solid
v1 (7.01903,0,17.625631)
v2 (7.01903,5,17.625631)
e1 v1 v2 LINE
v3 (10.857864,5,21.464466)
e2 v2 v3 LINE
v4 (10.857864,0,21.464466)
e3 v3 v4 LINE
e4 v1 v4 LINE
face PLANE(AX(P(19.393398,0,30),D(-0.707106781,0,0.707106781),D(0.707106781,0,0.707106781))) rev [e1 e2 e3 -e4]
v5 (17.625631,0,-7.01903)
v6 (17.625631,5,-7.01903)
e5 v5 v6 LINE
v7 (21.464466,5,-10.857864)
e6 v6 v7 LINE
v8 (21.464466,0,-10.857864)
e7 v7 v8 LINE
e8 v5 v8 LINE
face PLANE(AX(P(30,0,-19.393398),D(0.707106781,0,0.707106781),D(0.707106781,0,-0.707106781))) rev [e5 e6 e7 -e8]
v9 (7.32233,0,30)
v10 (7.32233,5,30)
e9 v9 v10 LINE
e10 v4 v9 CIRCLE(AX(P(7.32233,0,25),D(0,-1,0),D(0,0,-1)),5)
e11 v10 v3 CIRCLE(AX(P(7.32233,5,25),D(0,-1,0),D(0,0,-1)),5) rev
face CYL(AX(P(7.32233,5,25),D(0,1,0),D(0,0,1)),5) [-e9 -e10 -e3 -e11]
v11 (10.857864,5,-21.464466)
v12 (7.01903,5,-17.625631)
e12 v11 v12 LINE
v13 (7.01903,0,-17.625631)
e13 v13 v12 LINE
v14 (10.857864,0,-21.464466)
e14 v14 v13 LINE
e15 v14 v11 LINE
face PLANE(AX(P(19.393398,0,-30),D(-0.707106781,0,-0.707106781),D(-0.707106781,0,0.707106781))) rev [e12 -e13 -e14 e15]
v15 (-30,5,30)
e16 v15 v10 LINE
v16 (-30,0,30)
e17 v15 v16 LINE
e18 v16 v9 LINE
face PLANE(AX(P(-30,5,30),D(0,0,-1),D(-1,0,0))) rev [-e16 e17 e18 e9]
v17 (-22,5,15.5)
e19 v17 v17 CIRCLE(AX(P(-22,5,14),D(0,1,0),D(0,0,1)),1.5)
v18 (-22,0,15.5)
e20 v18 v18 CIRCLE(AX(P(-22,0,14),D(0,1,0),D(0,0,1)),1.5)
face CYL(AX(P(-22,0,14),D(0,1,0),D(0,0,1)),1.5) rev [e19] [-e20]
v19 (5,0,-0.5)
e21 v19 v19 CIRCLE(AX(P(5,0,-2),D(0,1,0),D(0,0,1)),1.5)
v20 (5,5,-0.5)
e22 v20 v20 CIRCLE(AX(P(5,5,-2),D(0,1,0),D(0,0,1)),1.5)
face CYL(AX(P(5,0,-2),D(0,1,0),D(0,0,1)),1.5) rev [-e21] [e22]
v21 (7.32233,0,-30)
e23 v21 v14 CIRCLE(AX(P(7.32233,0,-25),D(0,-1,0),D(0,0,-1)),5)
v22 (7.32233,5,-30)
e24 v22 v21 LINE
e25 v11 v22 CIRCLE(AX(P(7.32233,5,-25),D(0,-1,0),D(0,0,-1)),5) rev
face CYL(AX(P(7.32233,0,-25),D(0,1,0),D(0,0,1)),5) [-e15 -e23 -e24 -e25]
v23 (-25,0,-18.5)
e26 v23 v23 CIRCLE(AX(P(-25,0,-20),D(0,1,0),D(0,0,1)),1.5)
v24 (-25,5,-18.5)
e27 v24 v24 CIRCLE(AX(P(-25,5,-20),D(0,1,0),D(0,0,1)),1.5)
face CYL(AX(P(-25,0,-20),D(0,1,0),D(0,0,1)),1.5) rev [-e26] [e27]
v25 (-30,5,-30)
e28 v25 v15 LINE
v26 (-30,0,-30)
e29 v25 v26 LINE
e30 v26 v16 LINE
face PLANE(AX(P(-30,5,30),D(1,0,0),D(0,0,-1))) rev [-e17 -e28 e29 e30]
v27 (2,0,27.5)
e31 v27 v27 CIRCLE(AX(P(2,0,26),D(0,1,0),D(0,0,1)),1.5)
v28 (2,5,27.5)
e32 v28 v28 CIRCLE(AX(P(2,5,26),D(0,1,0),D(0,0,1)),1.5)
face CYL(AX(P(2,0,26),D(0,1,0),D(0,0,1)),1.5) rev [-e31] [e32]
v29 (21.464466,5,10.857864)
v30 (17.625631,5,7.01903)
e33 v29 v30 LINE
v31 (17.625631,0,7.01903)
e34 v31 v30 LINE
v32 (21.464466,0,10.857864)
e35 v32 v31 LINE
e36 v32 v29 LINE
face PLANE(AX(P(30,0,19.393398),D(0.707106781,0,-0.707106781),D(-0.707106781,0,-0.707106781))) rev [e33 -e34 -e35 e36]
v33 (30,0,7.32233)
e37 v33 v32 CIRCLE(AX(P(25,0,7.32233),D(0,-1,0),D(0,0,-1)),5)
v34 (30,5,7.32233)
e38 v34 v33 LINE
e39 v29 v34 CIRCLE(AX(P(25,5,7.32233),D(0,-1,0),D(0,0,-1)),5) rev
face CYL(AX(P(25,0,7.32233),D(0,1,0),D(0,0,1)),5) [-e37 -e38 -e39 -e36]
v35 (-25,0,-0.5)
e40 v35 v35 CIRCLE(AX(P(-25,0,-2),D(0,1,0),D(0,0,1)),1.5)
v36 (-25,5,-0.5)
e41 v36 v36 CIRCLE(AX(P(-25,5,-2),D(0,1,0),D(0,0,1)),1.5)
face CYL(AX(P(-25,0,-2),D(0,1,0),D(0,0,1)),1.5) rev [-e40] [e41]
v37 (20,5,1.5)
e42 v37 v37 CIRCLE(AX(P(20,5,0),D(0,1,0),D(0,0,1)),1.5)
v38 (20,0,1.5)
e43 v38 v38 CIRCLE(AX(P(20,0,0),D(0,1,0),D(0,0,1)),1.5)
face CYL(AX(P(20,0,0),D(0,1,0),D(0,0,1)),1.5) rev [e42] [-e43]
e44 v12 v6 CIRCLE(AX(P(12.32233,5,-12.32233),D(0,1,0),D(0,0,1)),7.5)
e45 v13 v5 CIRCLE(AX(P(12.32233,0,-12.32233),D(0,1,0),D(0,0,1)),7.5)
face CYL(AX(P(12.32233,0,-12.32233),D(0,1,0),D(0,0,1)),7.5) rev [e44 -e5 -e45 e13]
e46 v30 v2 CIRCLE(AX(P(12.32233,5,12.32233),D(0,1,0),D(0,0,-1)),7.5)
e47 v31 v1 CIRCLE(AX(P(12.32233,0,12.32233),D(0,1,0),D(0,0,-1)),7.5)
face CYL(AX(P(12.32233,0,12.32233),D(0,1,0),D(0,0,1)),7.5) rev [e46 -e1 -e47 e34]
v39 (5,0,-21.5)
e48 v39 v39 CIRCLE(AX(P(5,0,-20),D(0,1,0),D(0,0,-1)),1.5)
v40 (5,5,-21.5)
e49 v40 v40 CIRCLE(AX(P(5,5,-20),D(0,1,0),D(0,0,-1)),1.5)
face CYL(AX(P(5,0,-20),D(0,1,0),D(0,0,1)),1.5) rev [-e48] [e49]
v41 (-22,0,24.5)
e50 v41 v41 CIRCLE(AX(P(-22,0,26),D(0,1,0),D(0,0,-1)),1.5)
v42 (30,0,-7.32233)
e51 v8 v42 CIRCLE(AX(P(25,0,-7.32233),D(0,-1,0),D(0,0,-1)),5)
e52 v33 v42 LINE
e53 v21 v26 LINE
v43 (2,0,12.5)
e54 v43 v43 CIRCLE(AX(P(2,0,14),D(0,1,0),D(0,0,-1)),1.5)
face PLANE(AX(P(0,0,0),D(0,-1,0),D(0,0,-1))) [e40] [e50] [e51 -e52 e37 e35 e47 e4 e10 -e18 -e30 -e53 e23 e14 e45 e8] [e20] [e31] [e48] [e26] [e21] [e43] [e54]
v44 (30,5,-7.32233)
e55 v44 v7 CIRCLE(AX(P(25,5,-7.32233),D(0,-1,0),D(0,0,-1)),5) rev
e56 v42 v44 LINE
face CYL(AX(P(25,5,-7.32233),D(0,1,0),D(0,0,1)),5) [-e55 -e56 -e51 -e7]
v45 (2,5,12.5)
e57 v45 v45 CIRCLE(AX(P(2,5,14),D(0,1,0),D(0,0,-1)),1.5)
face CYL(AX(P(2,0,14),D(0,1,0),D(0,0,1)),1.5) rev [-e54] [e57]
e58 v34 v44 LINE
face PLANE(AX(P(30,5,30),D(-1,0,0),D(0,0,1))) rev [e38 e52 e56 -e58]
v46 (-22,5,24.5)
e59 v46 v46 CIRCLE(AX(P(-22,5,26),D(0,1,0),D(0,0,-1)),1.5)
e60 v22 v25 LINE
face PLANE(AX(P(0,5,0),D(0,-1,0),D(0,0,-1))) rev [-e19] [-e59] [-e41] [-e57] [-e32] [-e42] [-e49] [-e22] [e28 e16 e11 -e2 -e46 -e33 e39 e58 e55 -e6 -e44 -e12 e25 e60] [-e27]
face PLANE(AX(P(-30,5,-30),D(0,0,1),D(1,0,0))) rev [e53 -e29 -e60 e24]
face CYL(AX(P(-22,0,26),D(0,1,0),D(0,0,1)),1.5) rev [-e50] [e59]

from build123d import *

# Parameters (mm, degrees)
SKETCH_1_W          = 60
SKETCH_1_H          = 60
EXTRUDE_1_DEPTH     = 5
CUT_EXTRUDE_1_DEPTH = 43.720018727
FILLET_1_R          = 5
SKETCH_3_R          = 1.5
CUT_EXTRUDE_2_DEPTH = 43.720018727


with BuildPart() as part:
    # 草图1 → 凸台-拉伸1 (new body)
    with BuildSketch(Plane(origin=(0, 0, 0), x_dir=(1, 0, 0), z_dir=(0, 1, 0))):
        Rectangle(SKETCH_1_W, SKETCH_1_H)
    extrude(amount=EXTRUDE_1_DEPTH)

    # 草图2 → 切除-拉伸1 (cut, through all)
    with BuildSketch(Plane(origin=(0, 5, 0), x_dir=(1, 0, 0), z_dir=(0, 1, 0))):
        with BuildLine():
            Line((19.393398282, 30), (7.019029611, 17.625631329))
            ThreePointArc((7.019029611, 17.625631329), (7.019029611, 7.019029611), (17.625631329, 7.019029611))
            Line((17.625631329, 7.019029611), (30, 19.393398282))
            Line((30, 19.393398282), (30, 30))
            Line((30, 30), (19.393398282, 30))
        make_face()
        with BuildLine():
            Line((19.393398282, -30), (30, -30))
            Line((30, -30), (30, -19.393398282))
            Line((30, -19.393398282), (17.625631329, -7.019029611))
            ThreePointArc((17.625631329, -7.019029611), (7.019029611, -7.019029611), (7.019029611, -17.625631329))
            Line((7.019029611, -17.625631329), (19.393398282, -30))
        make_face()
    extrude(amount=-CUT_EXTRUDE_1_DEPTH, mode=Mode.SUBTRACT)

    # 圆角1
    fillet_1_edges = [part.edges().sort_by_distance(p)[0] for p in [
        (30, 2.5, -19.393398282),
        (19.393398282, 2.5, -30),
        (19.393398282, 2.5, 30),
        (30, 2.5, 19.393398282),
    ]]
    fillet(fillet_1_edges, radius=FILLET_1_R)

    # 草图3 → 切除-拉伸2 (cut, through all)
    with BuildSketch(Plane(origin=(0, 5, 0), x_dir=(1, 0, 0), z_dir=(0, 1, 0))):
        with Locations(Location((20, 0, 0), (0, 0, 270))):
            Circle(SKETCH_3_R)
        with Locations(Location((-22, -14, 0), (0, 0, 270))):
            Circle(SKETCH_3_R)
        with Locations(Location((2, -14, 0), (0, 0, 90))):
            Circle(SKETCH_3_R)
        with Locations(Location((2, -26, 0), (0, 0, 270))):
            Circle(SKETCH_3_R)
        with Locations(Location((-22, -26, 0), (0, 0, 90))):
            Circle(SKETCH_3_R)
        with Locations(Location((-25, 20, 0), (0, 0, 270))):
            Circle(SKETCH_3_R)
        with Locations(Location((5, 20, 0), (0, 0, 90))):
            Circle(SKETCH_3_R)
        with Locations(Location((-25, 2, 0), (0, 0, 270))):
            Circle(SKETCH_3_R)
        with Locations(Location((5, 2, 0), (0, 0, 270))):
            Circle(SKETCH_3_R)
    extrude(amount=-CUT_EXTRUDE_2_DEPTH, mode=Mode.SUBTRACT)


solid = part.part
